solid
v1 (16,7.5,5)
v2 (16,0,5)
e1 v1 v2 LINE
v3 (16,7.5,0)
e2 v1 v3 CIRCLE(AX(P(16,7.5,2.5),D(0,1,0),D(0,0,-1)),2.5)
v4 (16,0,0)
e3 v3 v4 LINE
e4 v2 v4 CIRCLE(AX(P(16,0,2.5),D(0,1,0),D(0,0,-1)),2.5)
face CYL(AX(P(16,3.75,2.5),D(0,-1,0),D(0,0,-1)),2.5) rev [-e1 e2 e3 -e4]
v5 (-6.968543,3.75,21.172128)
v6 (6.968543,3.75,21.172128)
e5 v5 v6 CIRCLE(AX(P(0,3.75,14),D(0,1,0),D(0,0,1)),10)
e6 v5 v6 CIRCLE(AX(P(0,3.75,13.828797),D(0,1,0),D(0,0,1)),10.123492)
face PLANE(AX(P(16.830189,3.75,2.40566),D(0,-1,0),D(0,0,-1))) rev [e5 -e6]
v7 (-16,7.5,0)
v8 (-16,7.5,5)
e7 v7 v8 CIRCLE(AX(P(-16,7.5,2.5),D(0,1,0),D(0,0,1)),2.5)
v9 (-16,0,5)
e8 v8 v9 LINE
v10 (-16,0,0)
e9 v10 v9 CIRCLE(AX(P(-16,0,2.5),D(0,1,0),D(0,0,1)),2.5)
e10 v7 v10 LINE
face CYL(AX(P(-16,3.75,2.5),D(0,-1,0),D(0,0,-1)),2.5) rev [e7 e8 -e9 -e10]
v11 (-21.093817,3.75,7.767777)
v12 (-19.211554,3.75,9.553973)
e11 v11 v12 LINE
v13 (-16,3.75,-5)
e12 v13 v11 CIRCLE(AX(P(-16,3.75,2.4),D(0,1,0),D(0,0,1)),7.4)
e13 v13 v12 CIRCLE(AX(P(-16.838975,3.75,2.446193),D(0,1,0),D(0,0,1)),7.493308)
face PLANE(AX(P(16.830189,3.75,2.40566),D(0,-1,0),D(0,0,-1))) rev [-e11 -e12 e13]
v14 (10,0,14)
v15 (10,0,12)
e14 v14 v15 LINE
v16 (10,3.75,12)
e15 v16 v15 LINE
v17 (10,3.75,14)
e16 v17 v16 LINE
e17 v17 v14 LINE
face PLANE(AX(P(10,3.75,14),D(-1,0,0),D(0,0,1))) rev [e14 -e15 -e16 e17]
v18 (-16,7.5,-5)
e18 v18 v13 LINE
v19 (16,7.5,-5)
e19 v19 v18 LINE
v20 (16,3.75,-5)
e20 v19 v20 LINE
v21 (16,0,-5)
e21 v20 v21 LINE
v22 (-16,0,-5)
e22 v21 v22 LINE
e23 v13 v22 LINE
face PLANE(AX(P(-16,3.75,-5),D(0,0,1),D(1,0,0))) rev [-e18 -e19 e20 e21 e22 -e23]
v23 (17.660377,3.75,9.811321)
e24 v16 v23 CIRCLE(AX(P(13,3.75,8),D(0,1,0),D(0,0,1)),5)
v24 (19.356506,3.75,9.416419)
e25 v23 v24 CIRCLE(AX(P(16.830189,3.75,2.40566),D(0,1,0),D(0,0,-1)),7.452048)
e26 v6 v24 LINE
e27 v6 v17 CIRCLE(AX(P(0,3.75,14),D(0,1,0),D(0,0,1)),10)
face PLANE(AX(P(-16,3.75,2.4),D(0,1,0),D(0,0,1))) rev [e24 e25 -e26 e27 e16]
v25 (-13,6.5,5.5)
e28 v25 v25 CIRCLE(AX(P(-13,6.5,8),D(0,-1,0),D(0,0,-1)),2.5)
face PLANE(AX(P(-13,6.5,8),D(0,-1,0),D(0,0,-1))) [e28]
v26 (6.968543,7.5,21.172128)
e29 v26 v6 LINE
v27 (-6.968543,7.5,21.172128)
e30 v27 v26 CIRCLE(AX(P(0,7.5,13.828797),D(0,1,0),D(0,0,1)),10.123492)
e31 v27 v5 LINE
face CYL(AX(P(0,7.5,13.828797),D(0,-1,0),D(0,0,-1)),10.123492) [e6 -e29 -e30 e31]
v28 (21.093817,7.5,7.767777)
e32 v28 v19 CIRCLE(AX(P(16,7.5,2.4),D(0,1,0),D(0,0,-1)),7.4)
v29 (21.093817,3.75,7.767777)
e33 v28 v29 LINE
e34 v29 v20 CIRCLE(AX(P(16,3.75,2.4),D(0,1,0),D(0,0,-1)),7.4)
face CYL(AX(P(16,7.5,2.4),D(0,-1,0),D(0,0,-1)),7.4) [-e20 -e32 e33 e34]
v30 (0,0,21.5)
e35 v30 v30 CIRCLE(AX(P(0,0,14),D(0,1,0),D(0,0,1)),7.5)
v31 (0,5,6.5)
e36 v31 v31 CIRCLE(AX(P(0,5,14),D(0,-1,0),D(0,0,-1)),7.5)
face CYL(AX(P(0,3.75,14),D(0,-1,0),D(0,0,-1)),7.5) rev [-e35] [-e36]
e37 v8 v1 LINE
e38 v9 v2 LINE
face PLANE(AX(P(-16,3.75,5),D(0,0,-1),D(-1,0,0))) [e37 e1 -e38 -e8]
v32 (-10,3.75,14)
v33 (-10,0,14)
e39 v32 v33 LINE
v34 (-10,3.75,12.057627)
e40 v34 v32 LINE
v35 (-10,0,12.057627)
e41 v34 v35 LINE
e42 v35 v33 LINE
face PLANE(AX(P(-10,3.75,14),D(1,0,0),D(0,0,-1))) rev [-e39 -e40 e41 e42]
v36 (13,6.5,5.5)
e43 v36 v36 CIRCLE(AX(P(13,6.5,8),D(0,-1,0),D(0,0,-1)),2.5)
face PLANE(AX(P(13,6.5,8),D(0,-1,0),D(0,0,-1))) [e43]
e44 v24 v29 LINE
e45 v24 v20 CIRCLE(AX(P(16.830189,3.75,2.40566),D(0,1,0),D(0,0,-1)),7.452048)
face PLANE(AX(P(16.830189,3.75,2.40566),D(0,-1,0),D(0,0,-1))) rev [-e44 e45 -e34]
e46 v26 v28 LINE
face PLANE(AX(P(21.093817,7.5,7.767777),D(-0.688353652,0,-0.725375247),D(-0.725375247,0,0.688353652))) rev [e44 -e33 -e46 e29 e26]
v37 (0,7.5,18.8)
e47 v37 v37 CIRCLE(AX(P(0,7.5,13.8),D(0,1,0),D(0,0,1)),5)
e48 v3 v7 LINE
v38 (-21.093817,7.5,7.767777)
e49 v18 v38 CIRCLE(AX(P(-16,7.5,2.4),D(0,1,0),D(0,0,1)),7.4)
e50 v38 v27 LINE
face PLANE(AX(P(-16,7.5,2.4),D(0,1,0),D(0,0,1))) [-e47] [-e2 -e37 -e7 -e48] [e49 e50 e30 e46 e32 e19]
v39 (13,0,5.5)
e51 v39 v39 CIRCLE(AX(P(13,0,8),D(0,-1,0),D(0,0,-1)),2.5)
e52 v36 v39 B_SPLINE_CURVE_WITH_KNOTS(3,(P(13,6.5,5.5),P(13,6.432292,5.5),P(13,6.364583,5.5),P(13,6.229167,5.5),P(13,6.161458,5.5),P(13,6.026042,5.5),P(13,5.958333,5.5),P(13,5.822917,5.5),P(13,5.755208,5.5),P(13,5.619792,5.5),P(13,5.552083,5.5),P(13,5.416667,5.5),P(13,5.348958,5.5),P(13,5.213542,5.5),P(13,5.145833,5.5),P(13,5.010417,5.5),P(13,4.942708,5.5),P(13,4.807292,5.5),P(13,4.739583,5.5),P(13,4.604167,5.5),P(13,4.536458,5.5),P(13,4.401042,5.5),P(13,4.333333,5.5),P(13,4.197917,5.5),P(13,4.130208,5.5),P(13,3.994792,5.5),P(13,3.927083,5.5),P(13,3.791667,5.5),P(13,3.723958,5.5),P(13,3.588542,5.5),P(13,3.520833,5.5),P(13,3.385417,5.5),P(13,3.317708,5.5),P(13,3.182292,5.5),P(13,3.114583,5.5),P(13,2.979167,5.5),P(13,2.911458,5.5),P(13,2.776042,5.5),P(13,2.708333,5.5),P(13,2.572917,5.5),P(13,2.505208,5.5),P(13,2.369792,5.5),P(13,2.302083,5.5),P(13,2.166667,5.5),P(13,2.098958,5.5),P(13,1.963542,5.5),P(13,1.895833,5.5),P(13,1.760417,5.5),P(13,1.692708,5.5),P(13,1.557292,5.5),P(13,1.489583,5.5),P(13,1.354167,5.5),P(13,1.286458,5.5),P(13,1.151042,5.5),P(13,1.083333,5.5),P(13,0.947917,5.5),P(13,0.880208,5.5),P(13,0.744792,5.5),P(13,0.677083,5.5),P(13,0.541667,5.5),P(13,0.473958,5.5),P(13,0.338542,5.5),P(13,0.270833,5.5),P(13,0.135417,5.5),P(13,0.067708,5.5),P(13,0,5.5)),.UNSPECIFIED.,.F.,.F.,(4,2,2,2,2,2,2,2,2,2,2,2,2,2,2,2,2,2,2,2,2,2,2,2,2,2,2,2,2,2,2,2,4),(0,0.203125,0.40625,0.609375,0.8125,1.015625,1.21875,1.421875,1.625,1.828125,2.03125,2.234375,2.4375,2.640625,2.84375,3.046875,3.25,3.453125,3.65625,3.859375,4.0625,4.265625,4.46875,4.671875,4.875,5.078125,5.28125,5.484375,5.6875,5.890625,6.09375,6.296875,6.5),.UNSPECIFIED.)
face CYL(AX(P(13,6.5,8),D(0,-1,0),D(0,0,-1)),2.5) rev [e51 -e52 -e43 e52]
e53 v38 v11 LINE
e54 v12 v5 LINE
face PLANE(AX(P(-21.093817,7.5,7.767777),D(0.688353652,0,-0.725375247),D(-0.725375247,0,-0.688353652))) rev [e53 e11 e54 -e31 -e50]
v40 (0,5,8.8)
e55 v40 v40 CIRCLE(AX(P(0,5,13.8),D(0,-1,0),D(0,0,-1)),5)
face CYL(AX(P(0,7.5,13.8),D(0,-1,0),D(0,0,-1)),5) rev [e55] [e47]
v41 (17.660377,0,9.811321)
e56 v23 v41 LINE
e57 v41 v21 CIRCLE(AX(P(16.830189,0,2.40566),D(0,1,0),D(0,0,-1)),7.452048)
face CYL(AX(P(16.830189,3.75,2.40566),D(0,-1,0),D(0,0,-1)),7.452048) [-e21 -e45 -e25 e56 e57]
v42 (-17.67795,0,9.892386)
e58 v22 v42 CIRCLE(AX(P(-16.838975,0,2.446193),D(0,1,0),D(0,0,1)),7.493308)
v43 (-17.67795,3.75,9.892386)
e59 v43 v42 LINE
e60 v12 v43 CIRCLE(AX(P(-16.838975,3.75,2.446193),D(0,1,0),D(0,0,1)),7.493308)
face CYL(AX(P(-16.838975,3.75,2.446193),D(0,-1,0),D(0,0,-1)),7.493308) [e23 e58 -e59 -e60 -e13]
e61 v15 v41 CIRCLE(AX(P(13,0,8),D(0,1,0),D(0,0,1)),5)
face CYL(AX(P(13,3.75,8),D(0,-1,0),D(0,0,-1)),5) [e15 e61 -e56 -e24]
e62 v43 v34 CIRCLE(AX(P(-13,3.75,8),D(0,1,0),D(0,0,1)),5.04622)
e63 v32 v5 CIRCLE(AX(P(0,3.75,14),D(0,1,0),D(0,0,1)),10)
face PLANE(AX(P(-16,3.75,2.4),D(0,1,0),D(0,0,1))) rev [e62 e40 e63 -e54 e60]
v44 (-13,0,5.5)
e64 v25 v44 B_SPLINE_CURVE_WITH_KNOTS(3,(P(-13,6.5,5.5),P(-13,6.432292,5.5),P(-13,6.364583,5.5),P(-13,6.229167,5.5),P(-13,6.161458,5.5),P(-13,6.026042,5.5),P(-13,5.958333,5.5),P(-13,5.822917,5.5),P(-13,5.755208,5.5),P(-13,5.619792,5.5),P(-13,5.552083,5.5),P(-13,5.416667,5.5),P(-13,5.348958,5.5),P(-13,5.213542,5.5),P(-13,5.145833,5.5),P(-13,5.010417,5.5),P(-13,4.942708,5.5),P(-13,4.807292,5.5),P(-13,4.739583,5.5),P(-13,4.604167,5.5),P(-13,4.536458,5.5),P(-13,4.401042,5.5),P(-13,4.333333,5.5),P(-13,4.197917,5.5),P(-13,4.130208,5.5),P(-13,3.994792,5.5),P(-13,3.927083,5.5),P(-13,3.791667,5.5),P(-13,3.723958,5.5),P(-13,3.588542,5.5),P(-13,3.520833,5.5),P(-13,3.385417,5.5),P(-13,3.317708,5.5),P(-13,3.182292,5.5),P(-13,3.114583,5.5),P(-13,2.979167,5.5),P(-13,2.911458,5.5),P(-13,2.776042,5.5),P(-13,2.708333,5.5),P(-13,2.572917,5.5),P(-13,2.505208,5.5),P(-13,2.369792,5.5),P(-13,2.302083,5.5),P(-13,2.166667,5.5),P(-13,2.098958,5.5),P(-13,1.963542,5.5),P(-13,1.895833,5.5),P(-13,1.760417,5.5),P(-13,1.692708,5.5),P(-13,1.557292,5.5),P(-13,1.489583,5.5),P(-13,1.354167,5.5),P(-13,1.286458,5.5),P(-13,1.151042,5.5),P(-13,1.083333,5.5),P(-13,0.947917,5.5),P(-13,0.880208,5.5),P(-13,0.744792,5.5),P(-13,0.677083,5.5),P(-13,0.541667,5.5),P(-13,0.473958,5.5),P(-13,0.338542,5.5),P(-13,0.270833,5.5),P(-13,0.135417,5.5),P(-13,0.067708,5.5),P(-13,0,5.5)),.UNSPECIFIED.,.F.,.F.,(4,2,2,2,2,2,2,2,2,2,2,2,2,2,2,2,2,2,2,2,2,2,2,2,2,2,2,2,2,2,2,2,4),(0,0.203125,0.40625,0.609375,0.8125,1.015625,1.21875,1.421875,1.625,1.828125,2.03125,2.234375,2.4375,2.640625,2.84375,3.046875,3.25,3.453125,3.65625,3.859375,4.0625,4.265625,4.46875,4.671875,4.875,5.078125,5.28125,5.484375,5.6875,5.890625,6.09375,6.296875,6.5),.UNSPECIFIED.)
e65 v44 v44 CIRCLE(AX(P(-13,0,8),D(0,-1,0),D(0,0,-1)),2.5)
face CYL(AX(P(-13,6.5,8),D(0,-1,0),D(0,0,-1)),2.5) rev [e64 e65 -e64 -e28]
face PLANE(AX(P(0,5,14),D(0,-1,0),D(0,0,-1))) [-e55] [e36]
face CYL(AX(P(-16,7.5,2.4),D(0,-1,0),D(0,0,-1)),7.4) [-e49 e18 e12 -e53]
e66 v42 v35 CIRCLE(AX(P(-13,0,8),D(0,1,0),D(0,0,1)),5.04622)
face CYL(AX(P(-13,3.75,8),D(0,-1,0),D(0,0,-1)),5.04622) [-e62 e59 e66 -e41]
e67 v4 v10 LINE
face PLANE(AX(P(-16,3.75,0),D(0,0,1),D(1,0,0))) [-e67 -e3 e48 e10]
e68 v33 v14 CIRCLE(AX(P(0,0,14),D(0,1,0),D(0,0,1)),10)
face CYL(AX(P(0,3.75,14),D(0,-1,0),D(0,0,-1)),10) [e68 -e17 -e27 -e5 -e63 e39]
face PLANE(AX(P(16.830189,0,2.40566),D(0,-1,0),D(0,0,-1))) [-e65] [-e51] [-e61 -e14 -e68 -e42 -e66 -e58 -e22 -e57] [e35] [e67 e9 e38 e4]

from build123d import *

# Parameters (mm, degrees)
SZKIC2_R                    = 7.5
SZKIC2_R_2                  = 2.4
DODANIE_WYCI_GNI_CIE1_DEPTH = 3.75
SZKIC3_R                    = 5
DODANIE_WYCI_GNI_CIE2_DEPTH = 3.75
SZKIC9_R                    = 7.5
WYTNIJ_WYCI_GNI_CIE3_DEPTH  = 5
SZKIC10_R                   = 2.5
WYTNIJ_WYCI_GNI_CIE4_DEPTH  = 6.5


with BuildPart() as part:
    # Szkic2 → Dodanie-wyciągnięcie1 (new body)
    with BuildSketch(Plane(origin=(0, 0, 0), x_dir=(1, 0, 0), z_dir=(0, 1, 0))):
        with BuildLine():
            Line((-16, 5), (16, 5))
            ThreePointArc((16, 5), (24.235849057, -1.575471698), (17.660377358, -9.811320755))
            ThreePointArc((17.660377358, -9.811320755), (14.373605639, -12.807619738), (10, -12))
            Line((10, -12), (10, -14))
            ThreePointArc((10, -14), (0, -24), (-10, -14))
            Line((-10, -14), (-10, -12.057627201))
            ThreePointArc((-10, -12.057627201), (-14.369651741, -12.856788302), (-17.67794965, -9.892386213))
            ThreePointArc((-17.67794965, -9.892386213), (-24.285167931, -1.607218282), (-16, 5))
        make_face()
        with Locations(Location((0, -14, 0), (0, 0, 270))):
            Circle(SZKIC2_R, mode=Mode.SUBTRACT)
        with Locations(Location((-13, -8, 0), (0, 0, 270))):
            Circle(SZKIC2_R_2, mode=Mode.SUBTRACT)
        with Locations(Location((13, -8, 0), (0, 0, 270))):
            Circle(SZKIC2_R_2, mode=Mode.SUBTRACT)
        with BuildLine():
            Line((-16, 0), (16, 0))
            ThreePointArc((16, 0), (18.5, -2.5), (16, -5))
            Line((16, -5), (-16, -5))
            ThreePointArc((-16, -5), (-18.5, -2.5), (-16, 0))
        make_face(mode=Mode.SUBTRACT)
    extrude(amount=DODANIE_WYCI_GNI_CIE1_DEPTH)

    # Szkic3 → Dodanie-wyciągnięcie2 (add)
    with BuildSketch(Plane(origin=(0, 3.75, 0), x_dir=(1, 0, 0), z_dir=(0, 1, 0))):
        with BuildLine():
            Line((-16, 5), (16, 5))
            ThreePointArc((16, 5), (22.873192437, 0.342120663), (21.093817027, -7.76777683))
            Line((21.093817027, -7.76777683), (6.968542539, -21.17212764))
            ThreePointArc((6.968542539, -21.17212764), (0, -23.952289066), (-6.968542539, -21.17212764))
            Line((-6.968542539, -21.17212764), (-21.093817027, -7.76777683))
            ThreePointArc((-21.093817027, -7.76777683), (-22.873192437, 0.342120663), (-16, 5))
        make_face()
        with Locations(Location((0, -13.8, 0), (0, 0, 270))):
            Circle(SZKIC3_R, mode=Mode.SUBTRACT)
        with BuildLine():
            Line((-16, 0), (16, 0))
            ThreePointArc((16, 0), (18.5, -2.5), (16, -5))
            Line((16, -5), (-16, -5))
            ThreePointArc((-16, -5), (-18.5, -2.5), (-16, 0))
        make_face(mode=Mode.SUBTRACT)
    extrude(amount=DODANIE_WYCI_GNI_CIE2_DEPTH)

    # Szkic9 → Wytnij-wyciągnięcie3 (cut)
    with BuildSketch(Plane.XZ):
        with Locations(Location((0, 14, 0), (0, 0, 270))):
            Circle(SZKIC9_R)
    extrude(amount=-WYTNIJ_WYCI_GNI_CIE3_DEPTH, mode=Mode.SUBTRACT)

    # Szkic10 → Wytnij-wyciągnięcie4 (cut)
    with BuildSketch(Plane.XZ):
        with Locations(Location((-13, 8, 0), (0, 0, 270))):
            Circle(SZKIC10_R)
        with Locations(Location((13, 8, 0), (0, 0, 270))):
            Circle(SZKIC10_R)
    extrude(amount=-WYTNIJ_WYCI_GNI_CIE4_DEPTH, mode=Mode.SUBTRACT)


solid = part.part
